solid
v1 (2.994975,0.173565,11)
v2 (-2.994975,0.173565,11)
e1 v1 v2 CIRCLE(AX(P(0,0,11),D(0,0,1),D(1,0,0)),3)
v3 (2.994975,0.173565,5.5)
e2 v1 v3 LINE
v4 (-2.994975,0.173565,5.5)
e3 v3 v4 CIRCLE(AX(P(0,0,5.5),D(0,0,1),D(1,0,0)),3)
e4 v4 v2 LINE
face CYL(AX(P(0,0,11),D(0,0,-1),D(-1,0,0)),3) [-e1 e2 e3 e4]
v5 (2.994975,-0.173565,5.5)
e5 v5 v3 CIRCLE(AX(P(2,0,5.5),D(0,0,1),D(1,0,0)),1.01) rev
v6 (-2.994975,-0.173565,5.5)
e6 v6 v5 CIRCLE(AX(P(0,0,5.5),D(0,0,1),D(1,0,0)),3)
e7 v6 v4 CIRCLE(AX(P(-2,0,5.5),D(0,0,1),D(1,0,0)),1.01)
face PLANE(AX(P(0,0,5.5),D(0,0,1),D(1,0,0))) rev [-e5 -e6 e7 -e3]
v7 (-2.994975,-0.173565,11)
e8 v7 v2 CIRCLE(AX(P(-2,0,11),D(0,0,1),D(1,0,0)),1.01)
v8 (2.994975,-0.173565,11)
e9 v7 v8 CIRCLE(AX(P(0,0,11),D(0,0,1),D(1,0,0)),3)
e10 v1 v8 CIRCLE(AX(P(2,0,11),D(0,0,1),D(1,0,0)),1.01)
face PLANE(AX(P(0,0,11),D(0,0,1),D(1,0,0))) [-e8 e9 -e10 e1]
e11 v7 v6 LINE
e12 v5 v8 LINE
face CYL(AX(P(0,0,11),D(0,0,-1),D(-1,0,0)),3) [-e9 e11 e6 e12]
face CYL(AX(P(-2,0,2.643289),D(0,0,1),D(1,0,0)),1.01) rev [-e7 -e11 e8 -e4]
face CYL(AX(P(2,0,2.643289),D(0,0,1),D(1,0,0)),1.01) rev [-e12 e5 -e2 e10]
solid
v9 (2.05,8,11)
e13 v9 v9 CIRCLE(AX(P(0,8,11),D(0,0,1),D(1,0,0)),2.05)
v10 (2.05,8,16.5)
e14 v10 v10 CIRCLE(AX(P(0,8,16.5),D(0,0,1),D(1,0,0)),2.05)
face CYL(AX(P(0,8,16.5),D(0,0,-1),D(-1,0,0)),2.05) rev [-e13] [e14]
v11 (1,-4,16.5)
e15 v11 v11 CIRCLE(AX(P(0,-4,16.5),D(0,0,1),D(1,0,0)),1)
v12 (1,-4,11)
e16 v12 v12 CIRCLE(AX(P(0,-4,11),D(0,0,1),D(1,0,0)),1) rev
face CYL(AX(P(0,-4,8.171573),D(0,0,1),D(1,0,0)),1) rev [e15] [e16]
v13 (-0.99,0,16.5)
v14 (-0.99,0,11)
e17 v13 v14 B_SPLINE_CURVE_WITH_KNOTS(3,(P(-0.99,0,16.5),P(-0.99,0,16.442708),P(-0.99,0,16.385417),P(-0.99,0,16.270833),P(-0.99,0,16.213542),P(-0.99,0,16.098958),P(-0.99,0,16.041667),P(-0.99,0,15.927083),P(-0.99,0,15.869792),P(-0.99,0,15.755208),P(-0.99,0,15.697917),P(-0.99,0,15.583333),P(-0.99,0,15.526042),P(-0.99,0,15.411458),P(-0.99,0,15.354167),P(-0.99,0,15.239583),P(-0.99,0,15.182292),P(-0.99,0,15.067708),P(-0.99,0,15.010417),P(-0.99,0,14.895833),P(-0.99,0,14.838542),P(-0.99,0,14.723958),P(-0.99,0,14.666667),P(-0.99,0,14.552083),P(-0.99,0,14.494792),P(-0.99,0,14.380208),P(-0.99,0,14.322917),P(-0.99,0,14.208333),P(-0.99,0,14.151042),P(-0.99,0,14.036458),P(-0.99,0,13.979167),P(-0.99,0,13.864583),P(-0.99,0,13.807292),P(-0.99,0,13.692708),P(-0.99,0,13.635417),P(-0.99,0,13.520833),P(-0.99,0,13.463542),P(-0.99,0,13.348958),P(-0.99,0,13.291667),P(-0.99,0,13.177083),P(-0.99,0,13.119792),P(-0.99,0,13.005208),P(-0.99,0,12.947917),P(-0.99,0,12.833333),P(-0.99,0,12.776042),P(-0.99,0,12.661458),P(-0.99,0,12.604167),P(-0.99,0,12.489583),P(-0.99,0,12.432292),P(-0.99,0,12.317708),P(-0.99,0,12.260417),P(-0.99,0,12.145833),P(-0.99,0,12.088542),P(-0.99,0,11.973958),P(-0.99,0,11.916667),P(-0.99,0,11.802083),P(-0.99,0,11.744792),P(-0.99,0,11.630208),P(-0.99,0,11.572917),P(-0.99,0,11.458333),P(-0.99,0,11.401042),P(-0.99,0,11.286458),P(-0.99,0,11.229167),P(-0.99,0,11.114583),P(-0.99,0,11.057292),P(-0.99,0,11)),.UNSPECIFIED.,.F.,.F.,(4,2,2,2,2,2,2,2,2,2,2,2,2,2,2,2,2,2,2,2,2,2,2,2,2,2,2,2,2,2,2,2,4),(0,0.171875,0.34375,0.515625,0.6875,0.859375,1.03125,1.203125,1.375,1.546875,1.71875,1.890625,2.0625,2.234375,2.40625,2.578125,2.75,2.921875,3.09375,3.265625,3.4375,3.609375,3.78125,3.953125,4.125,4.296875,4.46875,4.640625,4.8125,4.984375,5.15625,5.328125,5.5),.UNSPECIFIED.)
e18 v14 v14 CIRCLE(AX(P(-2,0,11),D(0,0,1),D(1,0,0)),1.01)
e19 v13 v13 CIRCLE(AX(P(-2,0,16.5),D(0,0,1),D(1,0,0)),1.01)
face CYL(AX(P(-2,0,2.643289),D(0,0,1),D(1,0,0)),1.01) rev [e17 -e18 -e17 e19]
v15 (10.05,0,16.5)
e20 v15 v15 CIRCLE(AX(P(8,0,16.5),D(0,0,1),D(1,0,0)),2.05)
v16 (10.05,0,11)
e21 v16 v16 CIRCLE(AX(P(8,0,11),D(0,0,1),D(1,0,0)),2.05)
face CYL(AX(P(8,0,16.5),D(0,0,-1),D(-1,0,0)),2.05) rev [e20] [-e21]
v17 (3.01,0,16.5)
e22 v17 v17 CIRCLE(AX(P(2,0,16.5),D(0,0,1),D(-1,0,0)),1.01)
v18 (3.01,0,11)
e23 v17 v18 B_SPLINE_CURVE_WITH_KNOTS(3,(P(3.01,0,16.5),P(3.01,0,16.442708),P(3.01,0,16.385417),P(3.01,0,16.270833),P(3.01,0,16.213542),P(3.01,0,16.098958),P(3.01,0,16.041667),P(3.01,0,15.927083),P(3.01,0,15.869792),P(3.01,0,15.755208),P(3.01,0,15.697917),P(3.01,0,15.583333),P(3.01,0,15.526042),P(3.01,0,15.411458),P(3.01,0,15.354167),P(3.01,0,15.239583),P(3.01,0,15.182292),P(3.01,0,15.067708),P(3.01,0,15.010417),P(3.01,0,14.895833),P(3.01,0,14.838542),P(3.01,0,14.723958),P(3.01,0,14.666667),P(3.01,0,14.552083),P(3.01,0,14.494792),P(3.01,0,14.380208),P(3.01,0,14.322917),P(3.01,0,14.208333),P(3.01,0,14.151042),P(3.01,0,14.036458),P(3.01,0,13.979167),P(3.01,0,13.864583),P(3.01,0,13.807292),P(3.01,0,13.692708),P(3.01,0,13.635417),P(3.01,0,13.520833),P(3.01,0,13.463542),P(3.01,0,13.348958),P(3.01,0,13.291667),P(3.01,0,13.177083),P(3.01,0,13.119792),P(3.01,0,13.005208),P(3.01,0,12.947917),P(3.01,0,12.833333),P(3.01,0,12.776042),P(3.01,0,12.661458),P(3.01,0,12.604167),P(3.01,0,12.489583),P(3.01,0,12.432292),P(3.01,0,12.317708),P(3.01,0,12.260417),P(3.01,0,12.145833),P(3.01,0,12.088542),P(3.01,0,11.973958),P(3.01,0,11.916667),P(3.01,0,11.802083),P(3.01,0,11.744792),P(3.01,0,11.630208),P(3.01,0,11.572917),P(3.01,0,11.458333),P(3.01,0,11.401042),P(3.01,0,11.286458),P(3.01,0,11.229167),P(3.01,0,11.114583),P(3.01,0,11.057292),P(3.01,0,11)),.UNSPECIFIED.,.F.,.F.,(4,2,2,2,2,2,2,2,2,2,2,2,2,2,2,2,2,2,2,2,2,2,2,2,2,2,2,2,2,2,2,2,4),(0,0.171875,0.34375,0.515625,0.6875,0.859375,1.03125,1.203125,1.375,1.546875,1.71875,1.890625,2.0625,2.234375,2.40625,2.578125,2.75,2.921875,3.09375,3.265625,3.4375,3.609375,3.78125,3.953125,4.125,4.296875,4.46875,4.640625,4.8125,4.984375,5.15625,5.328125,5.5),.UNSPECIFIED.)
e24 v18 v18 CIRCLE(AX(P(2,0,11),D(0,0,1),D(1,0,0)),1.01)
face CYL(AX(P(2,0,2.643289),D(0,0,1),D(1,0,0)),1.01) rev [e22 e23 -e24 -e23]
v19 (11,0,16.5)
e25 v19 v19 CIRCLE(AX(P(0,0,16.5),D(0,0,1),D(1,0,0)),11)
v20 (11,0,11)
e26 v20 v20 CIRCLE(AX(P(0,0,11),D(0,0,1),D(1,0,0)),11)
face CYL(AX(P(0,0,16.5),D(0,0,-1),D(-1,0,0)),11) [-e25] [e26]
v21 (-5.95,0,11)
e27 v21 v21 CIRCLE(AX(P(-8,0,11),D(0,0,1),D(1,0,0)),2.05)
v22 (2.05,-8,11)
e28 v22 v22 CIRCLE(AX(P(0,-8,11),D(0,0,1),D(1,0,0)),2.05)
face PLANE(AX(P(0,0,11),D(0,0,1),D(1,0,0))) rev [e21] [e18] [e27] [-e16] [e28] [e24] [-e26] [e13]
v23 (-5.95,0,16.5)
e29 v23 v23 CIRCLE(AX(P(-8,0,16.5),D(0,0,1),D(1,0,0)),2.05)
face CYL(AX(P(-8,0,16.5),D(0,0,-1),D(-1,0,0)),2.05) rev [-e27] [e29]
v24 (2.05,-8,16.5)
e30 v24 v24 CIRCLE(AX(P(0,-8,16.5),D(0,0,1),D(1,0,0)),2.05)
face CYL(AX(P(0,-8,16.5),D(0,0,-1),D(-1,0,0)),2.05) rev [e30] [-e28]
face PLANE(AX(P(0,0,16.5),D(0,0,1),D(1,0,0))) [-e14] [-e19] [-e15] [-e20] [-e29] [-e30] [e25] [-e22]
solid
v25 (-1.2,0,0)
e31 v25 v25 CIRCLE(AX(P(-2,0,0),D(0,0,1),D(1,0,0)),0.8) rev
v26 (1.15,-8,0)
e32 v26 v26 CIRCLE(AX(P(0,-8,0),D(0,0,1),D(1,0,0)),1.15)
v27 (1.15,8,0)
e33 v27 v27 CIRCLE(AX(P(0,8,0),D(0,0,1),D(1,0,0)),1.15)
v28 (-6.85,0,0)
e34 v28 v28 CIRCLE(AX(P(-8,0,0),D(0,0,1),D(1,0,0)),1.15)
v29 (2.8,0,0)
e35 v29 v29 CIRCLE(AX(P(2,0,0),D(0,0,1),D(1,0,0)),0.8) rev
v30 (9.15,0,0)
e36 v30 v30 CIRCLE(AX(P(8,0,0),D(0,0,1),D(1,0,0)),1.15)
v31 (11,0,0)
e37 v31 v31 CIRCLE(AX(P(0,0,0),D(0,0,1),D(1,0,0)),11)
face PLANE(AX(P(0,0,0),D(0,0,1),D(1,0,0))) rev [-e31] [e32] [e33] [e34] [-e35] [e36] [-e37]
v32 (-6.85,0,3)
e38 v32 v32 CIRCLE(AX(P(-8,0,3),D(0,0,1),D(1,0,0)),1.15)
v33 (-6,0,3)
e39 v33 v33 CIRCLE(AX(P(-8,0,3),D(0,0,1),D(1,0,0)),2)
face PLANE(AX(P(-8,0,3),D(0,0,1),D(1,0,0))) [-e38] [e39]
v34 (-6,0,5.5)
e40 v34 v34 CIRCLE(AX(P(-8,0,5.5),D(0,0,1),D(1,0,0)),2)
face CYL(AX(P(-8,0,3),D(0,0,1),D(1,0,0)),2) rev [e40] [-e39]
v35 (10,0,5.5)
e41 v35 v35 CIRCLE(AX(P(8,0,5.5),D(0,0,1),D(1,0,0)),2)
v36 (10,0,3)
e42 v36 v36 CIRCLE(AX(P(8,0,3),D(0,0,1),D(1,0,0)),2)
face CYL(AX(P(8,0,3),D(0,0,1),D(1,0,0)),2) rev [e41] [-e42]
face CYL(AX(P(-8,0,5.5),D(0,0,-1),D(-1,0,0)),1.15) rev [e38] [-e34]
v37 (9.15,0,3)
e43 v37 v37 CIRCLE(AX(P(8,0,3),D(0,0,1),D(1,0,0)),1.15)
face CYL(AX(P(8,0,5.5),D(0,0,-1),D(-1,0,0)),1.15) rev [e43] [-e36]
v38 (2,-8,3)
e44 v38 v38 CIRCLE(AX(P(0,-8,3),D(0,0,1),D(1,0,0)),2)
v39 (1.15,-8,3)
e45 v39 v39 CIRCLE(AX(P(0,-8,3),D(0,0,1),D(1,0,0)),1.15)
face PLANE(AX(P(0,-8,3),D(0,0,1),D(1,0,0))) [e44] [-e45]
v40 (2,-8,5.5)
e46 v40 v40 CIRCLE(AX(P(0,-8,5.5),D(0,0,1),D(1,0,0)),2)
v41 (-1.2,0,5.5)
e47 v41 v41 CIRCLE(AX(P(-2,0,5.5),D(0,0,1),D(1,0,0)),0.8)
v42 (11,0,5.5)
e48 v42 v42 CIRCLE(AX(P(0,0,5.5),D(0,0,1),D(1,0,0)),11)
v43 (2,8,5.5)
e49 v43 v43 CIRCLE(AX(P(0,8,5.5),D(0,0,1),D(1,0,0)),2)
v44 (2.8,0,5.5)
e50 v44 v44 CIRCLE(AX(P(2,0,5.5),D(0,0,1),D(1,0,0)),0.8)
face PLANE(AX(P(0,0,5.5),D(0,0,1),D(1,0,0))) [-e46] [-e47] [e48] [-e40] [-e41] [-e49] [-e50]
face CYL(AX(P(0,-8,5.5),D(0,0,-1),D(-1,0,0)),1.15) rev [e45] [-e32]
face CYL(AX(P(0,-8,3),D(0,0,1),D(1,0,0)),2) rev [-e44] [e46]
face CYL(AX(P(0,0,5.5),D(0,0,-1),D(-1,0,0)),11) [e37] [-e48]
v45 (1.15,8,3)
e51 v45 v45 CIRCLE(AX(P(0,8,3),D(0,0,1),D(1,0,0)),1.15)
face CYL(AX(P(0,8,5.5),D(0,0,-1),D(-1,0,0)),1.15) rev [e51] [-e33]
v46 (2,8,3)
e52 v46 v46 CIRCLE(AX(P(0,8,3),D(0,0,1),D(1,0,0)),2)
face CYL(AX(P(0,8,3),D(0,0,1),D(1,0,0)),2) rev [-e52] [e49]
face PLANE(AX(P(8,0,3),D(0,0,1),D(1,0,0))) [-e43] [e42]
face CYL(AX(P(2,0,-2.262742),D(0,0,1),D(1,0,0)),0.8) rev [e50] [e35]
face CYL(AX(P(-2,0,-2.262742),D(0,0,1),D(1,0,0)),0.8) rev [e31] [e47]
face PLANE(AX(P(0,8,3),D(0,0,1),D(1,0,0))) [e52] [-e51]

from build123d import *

# Parameters (mm, degrees)
SKETCH_1_R          = 11
SKETCH_1_R_2        = 1.15
EXTRUDE_1_DEPTH     = 5.5
SKETCH_2_R          = 3
EXTRUDE_2_DEPTH     = 5.5
SKETCH_3_R          = 11
SKETCH_3_R_2        = 2.05
EXTRUDE_3_DEPTH     = 5.5
CUT_EXTRUDE_START   = -16.5
SKETCH_8_R          = 1.01
CUT_EXTRUDE_4_DEPTH = 16.5
SKETCH_9_R          = 0.8
CUT_EXTRUDE_5_DEPTH = 5.5
SKETCH_12_R         = 2
CUT_EXTRUDE_7_DEPTH = 2.5
SKETCH_13_R         = 1
CUT_EXTRUDE_8_DEPTH = 5.5


with BuildPart() as part:
    # ｽｹｯﾁ1 → ﾎﾞｽ - 押し出し1 (new body)
    with BuildSketch(Plane.XY):
        Circle(SKETCH_1_R)
        with Locations((-8, 0)):
            Circle(SKETCH_1_R_2, mode=Mode.SUBTRACT)
        with Locations((0, 8)):
            Circle(SKETCH_1_R_2, mode=Mode.SUBTRACT)
        with Locations((8, 0)):
            Circle(SKETCH_1_R_2, mode=Mode.SUBTRACT)
        with Locations((0, -8)):
            Circle(SKETCH_1_R_2, mode=Mode.SUBTRACT)
    extrude(amount=EXTRUDE_1_DEPTH)

    # ｽｹｯﾁ9 → ｶｯﾄ - 押し出し5 (cut)
    with BuildSketch(Plane.XY.offset(5.5)):
        with Locations((-2, 0)):
            Circle(SKETCH_9_R)
        with Locations((2, 0)):
            Circle(SKETCH_9_R)
    extrude(amount=-CUT_EXTRUDE_5_DEPTH, mode=Mode.SUBTRACT)

    # ｽｹｯﾁ12 → ｶｯﾄ - 押し出し7 (cut)
    with BuildSketch(Plane.XY.offset(5.5)):
        with Locations((-8, 0)):
            Circle(SKETCH_12_R)
        with Locations((0, 8)):
            Circle(SKETCH_12_R)
        with Locations((8, 0)):
            Circle(SKETCH_12_R)
        with Locations((0, -8)):
            Circle(SKETCH_12_R)
    extrude(amount=-CUT_EXTRUDE_7_DEPTH, mode=Mode.SUBTRACT)


with BuildPart() as body_2:
    # ｽｹｯﾁ2 → ﾎﾞｽ - 押し出し2 (new body)
    with BuildSketch(Plane.XY.offset(5.5)):
        Circle(SKETCH_2_R)
    extrude(amount=EXTRUDE_2_DEPTH)


with BuildPart() as body_3:
    # ｽｹｯﾁ3 → ﾎﾞｽ - 押し出し3 (new body)
    with BuildSketch(Plane.XY.offset(11)):
        Circle(SKETCH_3_R)
        with Locations((-8, 0)):
            Circle(SKETCH_3_R_2, mode=Mode.SUBTRACT)
        with Locations((0, 8)):
            Circle(SKETCH_3_R_2, mode=Mode.SUBTRACT)
        with Locations((8, 0)):
            Circle(SKETCH_3_R_2, mode=Mode.SUBTRACT)
        with Locations((0, -8)):
            Circle(SKETCH_3_R_2, mode=Mode.SUBTRACT)
    extrude(amount=EXTRUDE_3_DEPTH)


with BuildPart() as cut_extrude_4_tool:
    # ｽｹｯﾁ8 → ｶｯﾄ - 押し出し4 (new body)
    with BuildSketch(Plane.XY.offset(16.5).offset(CUT_EXTRUDE_START)):
        with Locations((-2, 0)):
            Circle(SKETCH_8_R)
        with Locations((2, 0)):
            Circle(SKETCH_8_R)
    extrude(amount=CUT_EXTRUDE_4_DEPTH)


with BuildPart() as body_2_1:
    add(body_2.part)

    # ｶｯﾄ - 押し出し4: cut by cut_extrude_4_tool
    add(cut_extrude_4_tool.part, mode=Mode.SUBTRACT)


with BuildPart() as body_3_1:
    add(body_3.part)

    # ｶｯﾄ - 押し出し4: cut by cut_extrude_4_tool
    add(cut_extrude_4_tool.part, mode=Mode.SUBTRACT)

    # ｽｹｯﾁ13 → ｶｯﾄ - 押し出し8 (cut)
    with BuildSketch(Plane.XY.offset(16.5)):
        with Locations((0, -4)):
            Circle(SKETCH_13_R)
    extrude(amount=-CUT_EXTRUDE_8_DEPTH, mode=Mode.SUBTRACT)


solid = Compound([part.part, body_2_1.part, body_3_1.part])
